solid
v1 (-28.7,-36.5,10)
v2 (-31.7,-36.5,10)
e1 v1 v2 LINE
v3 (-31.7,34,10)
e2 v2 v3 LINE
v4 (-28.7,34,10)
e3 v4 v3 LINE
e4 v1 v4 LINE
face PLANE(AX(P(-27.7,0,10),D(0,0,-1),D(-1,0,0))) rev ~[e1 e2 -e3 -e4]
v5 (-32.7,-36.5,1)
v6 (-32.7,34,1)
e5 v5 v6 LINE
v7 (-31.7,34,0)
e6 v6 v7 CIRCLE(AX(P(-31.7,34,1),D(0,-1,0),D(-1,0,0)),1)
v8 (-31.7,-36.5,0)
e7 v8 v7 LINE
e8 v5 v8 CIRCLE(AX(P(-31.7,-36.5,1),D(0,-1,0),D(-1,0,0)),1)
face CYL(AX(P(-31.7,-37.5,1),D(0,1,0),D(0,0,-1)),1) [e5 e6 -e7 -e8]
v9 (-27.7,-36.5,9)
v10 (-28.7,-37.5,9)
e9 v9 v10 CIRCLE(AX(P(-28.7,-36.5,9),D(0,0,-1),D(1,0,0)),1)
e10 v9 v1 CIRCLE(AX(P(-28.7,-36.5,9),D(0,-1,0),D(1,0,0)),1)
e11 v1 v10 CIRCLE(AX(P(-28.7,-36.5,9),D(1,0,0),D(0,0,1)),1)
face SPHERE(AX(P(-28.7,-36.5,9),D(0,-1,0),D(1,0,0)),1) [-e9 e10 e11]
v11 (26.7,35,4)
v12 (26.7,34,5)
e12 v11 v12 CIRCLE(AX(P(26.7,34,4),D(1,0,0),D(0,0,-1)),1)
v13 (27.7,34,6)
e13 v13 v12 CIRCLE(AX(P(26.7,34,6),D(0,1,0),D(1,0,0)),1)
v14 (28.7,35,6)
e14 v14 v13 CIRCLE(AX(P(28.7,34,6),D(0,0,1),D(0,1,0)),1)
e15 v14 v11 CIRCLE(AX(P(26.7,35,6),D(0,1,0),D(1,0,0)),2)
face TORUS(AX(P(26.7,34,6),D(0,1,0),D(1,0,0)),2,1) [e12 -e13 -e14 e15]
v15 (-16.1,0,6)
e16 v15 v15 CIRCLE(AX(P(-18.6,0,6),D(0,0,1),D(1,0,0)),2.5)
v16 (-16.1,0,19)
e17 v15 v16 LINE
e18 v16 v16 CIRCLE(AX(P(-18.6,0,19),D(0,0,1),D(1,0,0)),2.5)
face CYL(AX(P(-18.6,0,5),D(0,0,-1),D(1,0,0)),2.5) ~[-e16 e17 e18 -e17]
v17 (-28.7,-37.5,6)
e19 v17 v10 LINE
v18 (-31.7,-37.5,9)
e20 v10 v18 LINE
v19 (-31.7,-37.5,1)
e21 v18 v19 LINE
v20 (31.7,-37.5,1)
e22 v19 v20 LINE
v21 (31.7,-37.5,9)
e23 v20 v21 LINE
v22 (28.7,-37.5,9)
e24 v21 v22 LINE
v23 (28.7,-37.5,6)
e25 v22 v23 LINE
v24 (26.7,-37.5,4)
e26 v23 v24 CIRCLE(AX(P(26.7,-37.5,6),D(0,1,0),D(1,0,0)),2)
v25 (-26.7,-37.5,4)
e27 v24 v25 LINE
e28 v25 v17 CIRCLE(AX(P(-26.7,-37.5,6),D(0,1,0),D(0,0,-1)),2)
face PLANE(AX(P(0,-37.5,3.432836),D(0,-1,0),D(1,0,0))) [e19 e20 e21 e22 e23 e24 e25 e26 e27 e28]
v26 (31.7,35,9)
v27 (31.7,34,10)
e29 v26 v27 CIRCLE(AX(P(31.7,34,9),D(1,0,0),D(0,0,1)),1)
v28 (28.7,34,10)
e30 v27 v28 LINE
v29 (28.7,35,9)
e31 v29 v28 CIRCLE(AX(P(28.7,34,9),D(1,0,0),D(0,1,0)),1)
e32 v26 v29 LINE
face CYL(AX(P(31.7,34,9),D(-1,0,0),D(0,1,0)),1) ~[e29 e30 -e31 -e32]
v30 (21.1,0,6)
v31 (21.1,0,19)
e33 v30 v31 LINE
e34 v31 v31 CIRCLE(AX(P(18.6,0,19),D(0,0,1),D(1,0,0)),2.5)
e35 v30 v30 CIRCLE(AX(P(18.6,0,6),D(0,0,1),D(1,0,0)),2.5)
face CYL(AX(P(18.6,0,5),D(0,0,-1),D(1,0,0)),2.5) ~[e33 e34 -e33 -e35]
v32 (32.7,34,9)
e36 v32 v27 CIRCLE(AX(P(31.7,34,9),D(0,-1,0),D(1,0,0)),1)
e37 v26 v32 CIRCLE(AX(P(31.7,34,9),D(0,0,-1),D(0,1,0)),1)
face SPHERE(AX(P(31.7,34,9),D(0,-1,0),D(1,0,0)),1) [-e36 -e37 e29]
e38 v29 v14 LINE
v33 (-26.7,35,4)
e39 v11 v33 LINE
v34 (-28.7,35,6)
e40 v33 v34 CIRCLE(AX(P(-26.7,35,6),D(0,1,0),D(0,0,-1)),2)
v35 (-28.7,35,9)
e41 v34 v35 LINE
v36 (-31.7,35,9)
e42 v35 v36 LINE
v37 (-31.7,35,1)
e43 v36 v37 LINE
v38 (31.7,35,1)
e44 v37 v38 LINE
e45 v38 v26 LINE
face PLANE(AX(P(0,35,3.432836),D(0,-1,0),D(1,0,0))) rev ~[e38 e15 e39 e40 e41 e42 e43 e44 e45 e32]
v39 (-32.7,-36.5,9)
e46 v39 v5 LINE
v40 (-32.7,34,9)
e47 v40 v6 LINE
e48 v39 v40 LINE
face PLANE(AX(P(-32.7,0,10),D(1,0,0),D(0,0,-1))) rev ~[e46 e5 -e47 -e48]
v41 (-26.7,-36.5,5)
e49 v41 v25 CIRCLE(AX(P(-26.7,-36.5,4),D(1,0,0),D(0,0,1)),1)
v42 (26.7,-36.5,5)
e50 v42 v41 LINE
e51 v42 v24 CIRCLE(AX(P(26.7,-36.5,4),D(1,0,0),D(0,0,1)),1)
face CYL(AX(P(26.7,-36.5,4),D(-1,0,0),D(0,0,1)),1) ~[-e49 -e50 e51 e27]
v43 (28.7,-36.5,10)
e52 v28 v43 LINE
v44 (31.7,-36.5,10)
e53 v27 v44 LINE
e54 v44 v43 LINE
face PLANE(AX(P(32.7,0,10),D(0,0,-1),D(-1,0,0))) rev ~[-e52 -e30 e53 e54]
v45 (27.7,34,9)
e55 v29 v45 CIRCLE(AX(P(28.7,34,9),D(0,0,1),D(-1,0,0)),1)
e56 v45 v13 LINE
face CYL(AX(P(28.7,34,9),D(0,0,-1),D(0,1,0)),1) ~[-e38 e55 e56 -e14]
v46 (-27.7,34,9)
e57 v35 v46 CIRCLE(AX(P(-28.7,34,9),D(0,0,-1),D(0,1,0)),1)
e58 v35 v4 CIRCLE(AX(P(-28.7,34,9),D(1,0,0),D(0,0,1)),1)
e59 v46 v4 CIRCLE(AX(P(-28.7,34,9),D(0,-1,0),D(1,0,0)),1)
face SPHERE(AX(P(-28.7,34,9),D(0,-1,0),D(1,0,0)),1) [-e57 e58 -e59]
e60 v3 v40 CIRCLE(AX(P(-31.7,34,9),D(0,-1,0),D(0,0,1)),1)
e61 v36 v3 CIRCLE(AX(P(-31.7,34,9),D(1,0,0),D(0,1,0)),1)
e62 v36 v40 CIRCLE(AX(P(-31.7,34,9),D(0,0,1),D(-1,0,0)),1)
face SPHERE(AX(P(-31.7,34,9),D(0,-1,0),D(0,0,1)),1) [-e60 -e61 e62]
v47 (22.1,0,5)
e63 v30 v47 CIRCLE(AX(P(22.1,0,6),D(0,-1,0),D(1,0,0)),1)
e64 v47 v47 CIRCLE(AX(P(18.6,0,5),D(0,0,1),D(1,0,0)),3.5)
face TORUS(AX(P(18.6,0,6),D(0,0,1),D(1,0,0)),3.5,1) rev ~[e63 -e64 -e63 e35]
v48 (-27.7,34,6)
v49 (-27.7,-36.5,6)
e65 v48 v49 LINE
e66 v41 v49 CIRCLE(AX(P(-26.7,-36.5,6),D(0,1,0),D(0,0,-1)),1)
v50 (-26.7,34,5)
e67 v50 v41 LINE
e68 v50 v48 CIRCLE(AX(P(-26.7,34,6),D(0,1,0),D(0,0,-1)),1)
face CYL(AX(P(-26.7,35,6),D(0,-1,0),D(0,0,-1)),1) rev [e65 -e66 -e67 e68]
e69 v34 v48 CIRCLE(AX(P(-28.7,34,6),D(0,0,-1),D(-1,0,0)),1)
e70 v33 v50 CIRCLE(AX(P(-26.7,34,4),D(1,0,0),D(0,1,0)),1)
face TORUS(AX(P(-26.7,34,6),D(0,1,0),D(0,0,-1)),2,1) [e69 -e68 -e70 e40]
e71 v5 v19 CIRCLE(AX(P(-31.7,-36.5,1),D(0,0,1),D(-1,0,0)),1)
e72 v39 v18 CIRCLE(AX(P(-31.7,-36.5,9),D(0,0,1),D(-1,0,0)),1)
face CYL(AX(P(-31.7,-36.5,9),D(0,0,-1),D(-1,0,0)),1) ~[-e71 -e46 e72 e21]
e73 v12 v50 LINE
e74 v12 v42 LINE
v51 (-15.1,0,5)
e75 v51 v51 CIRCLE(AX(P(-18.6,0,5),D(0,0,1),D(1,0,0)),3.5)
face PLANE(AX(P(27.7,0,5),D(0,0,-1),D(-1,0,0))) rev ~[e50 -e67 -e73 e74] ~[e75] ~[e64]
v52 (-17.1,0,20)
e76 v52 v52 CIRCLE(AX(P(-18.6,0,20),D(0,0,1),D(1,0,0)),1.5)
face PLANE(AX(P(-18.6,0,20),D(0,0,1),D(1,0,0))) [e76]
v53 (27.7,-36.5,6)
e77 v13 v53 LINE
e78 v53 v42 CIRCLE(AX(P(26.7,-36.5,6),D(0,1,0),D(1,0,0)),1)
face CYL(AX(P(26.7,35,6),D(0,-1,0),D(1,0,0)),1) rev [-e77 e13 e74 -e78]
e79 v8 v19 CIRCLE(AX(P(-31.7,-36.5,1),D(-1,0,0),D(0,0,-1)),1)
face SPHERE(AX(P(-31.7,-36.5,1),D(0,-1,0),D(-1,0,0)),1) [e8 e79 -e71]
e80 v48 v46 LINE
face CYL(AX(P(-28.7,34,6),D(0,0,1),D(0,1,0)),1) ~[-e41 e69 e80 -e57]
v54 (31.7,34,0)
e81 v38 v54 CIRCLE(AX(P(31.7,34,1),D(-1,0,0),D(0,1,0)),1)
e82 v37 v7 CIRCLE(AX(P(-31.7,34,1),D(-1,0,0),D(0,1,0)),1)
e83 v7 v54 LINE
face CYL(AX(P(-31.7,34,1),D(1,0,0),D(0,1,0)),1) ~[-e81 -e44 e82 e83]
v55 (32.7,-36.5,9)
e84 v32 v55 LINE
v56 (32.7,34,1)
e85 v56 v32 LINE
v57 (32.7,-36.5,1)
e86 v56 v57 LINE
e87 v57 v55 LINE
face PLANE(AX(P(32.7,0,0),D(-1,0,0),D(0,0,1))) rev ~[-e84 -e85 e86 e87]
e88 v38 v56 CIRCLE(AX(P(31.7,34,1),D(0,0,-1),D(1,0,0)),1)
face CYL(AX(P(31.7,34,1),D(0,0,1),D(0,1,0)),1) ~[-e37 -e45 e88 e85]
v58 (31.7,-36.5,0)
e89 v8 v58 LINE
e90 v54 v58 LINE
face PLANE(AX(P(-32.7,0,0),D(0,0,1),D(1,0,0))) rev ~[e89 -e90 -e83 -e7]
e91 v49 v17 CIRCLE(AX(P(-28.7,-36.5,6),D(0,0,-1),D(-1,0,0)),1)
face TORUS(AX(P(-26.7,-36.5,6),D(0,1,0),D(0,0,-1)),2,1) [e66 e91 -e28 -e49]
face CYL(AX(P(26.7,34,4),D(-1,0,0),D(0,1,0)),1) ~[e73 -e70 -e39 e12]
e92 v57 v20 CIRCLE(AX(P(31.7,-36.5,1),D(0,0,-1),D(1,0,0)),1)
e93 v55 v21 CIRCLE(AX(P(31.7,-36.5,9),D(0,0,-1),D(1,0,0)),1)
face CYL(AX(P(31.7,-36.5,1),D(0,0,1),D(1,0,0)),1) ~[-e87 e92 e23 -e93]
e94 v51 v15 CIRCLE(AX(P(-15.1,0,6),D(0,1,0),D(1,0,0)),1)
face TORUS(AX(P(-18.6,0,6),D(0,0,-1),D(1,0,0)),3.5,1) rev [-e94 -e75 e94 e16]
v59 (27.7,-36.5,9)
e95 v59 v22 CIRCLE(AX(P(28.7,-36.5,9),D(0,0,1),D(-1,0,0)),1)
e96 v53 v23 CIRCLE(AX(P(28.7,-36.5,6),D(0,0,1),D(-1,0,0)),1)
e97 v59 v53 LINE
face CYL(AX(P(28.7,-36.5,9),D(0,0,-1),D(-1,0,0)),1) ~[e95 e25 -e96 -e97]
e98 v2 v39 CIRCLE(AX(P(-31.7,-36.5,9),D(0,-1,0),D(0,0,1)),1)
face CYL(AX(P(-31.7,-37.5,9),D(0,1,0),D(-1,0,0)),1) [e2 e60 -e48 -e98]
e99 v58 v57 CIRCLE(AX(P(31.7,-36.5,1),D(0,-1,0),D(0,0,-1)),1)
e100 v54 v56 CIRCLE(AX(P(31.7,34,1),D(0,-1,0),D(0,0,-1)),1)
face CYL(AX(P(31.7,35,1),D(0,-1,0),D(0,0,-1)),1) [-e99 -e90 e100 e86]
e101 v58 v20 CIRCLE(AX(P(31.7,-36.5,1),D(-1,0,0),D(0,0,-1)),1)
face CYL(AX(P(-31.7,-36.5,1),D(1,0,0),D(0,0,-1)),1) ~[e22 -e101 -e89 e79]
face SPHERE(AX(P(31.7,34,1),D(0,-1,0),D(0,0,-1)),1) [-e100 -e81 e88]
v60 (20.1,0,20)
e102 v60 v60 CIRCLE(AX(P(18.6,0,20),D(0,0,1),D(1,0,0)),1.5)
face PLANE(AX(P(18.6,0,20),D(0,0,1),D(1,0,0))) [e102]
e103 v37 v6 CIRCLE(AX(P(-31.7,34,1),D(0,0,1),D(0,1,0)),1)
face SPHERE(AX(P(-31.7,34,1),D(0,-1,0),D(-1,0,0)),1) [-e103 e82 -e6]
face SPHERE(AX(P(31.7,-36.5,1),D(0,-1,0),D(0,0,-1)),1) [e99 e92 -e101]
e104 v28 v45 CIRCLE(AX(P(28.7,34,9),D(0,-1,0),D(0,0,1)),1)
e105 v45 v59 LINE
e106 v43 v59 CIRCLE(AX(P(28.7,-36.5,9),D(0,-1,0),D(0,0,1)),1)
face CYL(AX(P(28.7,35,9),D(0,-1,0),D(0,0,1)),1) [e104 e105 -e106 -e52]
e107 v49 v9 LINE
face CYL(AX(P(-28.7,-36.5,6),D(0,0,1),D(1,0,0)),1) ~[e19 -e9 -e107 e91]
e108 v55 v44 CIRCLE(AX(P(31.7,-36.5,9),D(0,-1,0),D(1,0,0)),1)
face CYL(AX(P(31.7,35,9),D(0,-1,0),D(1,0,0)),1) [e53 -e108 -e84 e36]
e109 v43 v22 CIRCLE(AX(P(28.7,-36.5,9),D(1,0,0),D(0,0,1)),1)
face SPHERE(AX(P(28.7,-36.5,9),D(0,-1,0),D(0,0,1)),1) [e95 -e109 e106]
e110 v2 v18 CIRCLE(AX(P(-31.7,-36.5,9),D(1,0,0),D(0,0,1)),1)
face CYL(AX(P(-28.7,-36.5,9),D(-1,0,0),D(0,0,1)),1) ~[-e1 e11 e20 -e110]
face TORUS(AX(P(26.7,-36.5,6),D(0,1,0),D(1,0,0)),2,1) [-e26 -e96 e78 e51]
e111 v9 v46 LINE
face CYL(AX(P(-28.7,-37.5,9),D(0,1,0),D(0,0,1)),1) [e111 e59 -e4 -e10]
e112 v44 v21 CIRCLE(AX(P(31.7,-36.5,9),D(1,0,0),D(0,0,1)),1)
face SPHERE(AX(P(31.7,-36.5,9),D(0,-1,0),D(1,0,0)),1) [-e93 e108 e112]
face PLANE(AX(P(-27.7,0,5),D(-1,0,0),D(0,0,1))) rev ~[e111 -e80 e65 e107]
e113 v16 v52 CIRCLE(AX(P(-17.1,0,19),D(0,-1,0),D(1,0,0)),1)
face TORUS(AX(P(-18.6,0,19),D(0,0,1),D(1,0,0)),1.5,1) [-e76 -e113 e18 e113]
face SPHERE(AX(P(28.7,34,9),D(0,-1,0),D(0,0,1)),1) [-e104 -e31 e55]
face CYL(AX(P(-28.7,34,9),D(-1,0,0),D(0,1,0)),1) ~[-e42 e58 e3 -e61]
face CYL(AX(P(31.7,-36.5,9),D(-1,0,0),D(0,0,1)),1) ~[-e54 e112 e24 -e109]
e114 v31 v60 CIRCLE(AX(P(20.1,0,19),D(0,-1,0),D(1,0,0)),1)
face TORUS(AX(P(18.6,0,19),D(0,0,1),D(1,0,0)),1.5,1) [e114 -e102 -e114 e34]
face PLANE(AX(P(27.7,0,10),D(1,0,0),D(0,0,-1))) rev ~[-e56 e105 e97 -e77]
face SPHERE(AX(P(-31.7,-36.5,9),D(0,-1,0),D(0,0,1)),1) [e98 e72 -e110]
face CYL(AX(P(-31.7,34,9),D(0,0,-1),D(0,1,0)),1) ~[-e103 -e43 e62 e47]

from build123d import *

# Parameters (mm, degrees)
F1_DEPTH      = 35
F1_DEPTH_BACK = 37.5
F2_R          = 2.5
F3_DEPTH      = 15
F4_R          = 1
F5_R          = 1
F6_R          = 1


with BuildPart() as f1:
    # F0 (on Front) → F1 (new body, two sides)
    with BuildSketch(Plane.XZ) as f1_sk:
        Polygon((-32.7, 0), (0, 0), (32.7, 0), (32.7, 10), (27.7, 10), (27.7, 5), (0, 5), (-27.7, 5), (-27.7, 10), (-32.7, 10), align=None)
    extrude(amount=-F1_DEPTH)
    extrude(f1_sk.sketch, amount=F1_DEPTH_BACK)

    # F2 (on face) → F3 (join)
    with BuildSketch(Plane.XY.offset(5)):
        with Locations((-18.6, 0)):
            Circle(F2_R)
        with Locations((18.6, 0)):
            Circle(F2_R)
    extrude(amount=F3_DEPTH)

    # F4
    f4_edges = [f1.edges().sort_by_distance(p)[0] for p in [
        (-27.7, -1.25, 5),
        (27.7, -1.25, 5),
        (-27.7, -1.25, 10),
        (-32.7, -1.25, 10),
        (27.7, -1.25, 10),
        (32.7, -1.25, 10),
        (32.7, -1.25, 0),
        (-32.7, -1.25, 0),
    ]]
    fillet(f4_edges, radius=F4_R)

    # F5
    f5_edges = [f1.edges().sort_by_distance(p)[0] for p in [
        (-21.1, 0, 20),
        (16.1, 0, 20),
    ]]
    fillet(f5_edges, radius=F5_R)

    # F6
    f6_edges = [f1.edges().sort_by_distance(p)[0] for p in [
        (0, -37.5, 5),
        (0, 35, 0),
        (-21.1, 0, 5),
        (16.1, 0, 5),
    ]]
    fillet(f6_edges, radius=F6_R)


solid = f1.part
